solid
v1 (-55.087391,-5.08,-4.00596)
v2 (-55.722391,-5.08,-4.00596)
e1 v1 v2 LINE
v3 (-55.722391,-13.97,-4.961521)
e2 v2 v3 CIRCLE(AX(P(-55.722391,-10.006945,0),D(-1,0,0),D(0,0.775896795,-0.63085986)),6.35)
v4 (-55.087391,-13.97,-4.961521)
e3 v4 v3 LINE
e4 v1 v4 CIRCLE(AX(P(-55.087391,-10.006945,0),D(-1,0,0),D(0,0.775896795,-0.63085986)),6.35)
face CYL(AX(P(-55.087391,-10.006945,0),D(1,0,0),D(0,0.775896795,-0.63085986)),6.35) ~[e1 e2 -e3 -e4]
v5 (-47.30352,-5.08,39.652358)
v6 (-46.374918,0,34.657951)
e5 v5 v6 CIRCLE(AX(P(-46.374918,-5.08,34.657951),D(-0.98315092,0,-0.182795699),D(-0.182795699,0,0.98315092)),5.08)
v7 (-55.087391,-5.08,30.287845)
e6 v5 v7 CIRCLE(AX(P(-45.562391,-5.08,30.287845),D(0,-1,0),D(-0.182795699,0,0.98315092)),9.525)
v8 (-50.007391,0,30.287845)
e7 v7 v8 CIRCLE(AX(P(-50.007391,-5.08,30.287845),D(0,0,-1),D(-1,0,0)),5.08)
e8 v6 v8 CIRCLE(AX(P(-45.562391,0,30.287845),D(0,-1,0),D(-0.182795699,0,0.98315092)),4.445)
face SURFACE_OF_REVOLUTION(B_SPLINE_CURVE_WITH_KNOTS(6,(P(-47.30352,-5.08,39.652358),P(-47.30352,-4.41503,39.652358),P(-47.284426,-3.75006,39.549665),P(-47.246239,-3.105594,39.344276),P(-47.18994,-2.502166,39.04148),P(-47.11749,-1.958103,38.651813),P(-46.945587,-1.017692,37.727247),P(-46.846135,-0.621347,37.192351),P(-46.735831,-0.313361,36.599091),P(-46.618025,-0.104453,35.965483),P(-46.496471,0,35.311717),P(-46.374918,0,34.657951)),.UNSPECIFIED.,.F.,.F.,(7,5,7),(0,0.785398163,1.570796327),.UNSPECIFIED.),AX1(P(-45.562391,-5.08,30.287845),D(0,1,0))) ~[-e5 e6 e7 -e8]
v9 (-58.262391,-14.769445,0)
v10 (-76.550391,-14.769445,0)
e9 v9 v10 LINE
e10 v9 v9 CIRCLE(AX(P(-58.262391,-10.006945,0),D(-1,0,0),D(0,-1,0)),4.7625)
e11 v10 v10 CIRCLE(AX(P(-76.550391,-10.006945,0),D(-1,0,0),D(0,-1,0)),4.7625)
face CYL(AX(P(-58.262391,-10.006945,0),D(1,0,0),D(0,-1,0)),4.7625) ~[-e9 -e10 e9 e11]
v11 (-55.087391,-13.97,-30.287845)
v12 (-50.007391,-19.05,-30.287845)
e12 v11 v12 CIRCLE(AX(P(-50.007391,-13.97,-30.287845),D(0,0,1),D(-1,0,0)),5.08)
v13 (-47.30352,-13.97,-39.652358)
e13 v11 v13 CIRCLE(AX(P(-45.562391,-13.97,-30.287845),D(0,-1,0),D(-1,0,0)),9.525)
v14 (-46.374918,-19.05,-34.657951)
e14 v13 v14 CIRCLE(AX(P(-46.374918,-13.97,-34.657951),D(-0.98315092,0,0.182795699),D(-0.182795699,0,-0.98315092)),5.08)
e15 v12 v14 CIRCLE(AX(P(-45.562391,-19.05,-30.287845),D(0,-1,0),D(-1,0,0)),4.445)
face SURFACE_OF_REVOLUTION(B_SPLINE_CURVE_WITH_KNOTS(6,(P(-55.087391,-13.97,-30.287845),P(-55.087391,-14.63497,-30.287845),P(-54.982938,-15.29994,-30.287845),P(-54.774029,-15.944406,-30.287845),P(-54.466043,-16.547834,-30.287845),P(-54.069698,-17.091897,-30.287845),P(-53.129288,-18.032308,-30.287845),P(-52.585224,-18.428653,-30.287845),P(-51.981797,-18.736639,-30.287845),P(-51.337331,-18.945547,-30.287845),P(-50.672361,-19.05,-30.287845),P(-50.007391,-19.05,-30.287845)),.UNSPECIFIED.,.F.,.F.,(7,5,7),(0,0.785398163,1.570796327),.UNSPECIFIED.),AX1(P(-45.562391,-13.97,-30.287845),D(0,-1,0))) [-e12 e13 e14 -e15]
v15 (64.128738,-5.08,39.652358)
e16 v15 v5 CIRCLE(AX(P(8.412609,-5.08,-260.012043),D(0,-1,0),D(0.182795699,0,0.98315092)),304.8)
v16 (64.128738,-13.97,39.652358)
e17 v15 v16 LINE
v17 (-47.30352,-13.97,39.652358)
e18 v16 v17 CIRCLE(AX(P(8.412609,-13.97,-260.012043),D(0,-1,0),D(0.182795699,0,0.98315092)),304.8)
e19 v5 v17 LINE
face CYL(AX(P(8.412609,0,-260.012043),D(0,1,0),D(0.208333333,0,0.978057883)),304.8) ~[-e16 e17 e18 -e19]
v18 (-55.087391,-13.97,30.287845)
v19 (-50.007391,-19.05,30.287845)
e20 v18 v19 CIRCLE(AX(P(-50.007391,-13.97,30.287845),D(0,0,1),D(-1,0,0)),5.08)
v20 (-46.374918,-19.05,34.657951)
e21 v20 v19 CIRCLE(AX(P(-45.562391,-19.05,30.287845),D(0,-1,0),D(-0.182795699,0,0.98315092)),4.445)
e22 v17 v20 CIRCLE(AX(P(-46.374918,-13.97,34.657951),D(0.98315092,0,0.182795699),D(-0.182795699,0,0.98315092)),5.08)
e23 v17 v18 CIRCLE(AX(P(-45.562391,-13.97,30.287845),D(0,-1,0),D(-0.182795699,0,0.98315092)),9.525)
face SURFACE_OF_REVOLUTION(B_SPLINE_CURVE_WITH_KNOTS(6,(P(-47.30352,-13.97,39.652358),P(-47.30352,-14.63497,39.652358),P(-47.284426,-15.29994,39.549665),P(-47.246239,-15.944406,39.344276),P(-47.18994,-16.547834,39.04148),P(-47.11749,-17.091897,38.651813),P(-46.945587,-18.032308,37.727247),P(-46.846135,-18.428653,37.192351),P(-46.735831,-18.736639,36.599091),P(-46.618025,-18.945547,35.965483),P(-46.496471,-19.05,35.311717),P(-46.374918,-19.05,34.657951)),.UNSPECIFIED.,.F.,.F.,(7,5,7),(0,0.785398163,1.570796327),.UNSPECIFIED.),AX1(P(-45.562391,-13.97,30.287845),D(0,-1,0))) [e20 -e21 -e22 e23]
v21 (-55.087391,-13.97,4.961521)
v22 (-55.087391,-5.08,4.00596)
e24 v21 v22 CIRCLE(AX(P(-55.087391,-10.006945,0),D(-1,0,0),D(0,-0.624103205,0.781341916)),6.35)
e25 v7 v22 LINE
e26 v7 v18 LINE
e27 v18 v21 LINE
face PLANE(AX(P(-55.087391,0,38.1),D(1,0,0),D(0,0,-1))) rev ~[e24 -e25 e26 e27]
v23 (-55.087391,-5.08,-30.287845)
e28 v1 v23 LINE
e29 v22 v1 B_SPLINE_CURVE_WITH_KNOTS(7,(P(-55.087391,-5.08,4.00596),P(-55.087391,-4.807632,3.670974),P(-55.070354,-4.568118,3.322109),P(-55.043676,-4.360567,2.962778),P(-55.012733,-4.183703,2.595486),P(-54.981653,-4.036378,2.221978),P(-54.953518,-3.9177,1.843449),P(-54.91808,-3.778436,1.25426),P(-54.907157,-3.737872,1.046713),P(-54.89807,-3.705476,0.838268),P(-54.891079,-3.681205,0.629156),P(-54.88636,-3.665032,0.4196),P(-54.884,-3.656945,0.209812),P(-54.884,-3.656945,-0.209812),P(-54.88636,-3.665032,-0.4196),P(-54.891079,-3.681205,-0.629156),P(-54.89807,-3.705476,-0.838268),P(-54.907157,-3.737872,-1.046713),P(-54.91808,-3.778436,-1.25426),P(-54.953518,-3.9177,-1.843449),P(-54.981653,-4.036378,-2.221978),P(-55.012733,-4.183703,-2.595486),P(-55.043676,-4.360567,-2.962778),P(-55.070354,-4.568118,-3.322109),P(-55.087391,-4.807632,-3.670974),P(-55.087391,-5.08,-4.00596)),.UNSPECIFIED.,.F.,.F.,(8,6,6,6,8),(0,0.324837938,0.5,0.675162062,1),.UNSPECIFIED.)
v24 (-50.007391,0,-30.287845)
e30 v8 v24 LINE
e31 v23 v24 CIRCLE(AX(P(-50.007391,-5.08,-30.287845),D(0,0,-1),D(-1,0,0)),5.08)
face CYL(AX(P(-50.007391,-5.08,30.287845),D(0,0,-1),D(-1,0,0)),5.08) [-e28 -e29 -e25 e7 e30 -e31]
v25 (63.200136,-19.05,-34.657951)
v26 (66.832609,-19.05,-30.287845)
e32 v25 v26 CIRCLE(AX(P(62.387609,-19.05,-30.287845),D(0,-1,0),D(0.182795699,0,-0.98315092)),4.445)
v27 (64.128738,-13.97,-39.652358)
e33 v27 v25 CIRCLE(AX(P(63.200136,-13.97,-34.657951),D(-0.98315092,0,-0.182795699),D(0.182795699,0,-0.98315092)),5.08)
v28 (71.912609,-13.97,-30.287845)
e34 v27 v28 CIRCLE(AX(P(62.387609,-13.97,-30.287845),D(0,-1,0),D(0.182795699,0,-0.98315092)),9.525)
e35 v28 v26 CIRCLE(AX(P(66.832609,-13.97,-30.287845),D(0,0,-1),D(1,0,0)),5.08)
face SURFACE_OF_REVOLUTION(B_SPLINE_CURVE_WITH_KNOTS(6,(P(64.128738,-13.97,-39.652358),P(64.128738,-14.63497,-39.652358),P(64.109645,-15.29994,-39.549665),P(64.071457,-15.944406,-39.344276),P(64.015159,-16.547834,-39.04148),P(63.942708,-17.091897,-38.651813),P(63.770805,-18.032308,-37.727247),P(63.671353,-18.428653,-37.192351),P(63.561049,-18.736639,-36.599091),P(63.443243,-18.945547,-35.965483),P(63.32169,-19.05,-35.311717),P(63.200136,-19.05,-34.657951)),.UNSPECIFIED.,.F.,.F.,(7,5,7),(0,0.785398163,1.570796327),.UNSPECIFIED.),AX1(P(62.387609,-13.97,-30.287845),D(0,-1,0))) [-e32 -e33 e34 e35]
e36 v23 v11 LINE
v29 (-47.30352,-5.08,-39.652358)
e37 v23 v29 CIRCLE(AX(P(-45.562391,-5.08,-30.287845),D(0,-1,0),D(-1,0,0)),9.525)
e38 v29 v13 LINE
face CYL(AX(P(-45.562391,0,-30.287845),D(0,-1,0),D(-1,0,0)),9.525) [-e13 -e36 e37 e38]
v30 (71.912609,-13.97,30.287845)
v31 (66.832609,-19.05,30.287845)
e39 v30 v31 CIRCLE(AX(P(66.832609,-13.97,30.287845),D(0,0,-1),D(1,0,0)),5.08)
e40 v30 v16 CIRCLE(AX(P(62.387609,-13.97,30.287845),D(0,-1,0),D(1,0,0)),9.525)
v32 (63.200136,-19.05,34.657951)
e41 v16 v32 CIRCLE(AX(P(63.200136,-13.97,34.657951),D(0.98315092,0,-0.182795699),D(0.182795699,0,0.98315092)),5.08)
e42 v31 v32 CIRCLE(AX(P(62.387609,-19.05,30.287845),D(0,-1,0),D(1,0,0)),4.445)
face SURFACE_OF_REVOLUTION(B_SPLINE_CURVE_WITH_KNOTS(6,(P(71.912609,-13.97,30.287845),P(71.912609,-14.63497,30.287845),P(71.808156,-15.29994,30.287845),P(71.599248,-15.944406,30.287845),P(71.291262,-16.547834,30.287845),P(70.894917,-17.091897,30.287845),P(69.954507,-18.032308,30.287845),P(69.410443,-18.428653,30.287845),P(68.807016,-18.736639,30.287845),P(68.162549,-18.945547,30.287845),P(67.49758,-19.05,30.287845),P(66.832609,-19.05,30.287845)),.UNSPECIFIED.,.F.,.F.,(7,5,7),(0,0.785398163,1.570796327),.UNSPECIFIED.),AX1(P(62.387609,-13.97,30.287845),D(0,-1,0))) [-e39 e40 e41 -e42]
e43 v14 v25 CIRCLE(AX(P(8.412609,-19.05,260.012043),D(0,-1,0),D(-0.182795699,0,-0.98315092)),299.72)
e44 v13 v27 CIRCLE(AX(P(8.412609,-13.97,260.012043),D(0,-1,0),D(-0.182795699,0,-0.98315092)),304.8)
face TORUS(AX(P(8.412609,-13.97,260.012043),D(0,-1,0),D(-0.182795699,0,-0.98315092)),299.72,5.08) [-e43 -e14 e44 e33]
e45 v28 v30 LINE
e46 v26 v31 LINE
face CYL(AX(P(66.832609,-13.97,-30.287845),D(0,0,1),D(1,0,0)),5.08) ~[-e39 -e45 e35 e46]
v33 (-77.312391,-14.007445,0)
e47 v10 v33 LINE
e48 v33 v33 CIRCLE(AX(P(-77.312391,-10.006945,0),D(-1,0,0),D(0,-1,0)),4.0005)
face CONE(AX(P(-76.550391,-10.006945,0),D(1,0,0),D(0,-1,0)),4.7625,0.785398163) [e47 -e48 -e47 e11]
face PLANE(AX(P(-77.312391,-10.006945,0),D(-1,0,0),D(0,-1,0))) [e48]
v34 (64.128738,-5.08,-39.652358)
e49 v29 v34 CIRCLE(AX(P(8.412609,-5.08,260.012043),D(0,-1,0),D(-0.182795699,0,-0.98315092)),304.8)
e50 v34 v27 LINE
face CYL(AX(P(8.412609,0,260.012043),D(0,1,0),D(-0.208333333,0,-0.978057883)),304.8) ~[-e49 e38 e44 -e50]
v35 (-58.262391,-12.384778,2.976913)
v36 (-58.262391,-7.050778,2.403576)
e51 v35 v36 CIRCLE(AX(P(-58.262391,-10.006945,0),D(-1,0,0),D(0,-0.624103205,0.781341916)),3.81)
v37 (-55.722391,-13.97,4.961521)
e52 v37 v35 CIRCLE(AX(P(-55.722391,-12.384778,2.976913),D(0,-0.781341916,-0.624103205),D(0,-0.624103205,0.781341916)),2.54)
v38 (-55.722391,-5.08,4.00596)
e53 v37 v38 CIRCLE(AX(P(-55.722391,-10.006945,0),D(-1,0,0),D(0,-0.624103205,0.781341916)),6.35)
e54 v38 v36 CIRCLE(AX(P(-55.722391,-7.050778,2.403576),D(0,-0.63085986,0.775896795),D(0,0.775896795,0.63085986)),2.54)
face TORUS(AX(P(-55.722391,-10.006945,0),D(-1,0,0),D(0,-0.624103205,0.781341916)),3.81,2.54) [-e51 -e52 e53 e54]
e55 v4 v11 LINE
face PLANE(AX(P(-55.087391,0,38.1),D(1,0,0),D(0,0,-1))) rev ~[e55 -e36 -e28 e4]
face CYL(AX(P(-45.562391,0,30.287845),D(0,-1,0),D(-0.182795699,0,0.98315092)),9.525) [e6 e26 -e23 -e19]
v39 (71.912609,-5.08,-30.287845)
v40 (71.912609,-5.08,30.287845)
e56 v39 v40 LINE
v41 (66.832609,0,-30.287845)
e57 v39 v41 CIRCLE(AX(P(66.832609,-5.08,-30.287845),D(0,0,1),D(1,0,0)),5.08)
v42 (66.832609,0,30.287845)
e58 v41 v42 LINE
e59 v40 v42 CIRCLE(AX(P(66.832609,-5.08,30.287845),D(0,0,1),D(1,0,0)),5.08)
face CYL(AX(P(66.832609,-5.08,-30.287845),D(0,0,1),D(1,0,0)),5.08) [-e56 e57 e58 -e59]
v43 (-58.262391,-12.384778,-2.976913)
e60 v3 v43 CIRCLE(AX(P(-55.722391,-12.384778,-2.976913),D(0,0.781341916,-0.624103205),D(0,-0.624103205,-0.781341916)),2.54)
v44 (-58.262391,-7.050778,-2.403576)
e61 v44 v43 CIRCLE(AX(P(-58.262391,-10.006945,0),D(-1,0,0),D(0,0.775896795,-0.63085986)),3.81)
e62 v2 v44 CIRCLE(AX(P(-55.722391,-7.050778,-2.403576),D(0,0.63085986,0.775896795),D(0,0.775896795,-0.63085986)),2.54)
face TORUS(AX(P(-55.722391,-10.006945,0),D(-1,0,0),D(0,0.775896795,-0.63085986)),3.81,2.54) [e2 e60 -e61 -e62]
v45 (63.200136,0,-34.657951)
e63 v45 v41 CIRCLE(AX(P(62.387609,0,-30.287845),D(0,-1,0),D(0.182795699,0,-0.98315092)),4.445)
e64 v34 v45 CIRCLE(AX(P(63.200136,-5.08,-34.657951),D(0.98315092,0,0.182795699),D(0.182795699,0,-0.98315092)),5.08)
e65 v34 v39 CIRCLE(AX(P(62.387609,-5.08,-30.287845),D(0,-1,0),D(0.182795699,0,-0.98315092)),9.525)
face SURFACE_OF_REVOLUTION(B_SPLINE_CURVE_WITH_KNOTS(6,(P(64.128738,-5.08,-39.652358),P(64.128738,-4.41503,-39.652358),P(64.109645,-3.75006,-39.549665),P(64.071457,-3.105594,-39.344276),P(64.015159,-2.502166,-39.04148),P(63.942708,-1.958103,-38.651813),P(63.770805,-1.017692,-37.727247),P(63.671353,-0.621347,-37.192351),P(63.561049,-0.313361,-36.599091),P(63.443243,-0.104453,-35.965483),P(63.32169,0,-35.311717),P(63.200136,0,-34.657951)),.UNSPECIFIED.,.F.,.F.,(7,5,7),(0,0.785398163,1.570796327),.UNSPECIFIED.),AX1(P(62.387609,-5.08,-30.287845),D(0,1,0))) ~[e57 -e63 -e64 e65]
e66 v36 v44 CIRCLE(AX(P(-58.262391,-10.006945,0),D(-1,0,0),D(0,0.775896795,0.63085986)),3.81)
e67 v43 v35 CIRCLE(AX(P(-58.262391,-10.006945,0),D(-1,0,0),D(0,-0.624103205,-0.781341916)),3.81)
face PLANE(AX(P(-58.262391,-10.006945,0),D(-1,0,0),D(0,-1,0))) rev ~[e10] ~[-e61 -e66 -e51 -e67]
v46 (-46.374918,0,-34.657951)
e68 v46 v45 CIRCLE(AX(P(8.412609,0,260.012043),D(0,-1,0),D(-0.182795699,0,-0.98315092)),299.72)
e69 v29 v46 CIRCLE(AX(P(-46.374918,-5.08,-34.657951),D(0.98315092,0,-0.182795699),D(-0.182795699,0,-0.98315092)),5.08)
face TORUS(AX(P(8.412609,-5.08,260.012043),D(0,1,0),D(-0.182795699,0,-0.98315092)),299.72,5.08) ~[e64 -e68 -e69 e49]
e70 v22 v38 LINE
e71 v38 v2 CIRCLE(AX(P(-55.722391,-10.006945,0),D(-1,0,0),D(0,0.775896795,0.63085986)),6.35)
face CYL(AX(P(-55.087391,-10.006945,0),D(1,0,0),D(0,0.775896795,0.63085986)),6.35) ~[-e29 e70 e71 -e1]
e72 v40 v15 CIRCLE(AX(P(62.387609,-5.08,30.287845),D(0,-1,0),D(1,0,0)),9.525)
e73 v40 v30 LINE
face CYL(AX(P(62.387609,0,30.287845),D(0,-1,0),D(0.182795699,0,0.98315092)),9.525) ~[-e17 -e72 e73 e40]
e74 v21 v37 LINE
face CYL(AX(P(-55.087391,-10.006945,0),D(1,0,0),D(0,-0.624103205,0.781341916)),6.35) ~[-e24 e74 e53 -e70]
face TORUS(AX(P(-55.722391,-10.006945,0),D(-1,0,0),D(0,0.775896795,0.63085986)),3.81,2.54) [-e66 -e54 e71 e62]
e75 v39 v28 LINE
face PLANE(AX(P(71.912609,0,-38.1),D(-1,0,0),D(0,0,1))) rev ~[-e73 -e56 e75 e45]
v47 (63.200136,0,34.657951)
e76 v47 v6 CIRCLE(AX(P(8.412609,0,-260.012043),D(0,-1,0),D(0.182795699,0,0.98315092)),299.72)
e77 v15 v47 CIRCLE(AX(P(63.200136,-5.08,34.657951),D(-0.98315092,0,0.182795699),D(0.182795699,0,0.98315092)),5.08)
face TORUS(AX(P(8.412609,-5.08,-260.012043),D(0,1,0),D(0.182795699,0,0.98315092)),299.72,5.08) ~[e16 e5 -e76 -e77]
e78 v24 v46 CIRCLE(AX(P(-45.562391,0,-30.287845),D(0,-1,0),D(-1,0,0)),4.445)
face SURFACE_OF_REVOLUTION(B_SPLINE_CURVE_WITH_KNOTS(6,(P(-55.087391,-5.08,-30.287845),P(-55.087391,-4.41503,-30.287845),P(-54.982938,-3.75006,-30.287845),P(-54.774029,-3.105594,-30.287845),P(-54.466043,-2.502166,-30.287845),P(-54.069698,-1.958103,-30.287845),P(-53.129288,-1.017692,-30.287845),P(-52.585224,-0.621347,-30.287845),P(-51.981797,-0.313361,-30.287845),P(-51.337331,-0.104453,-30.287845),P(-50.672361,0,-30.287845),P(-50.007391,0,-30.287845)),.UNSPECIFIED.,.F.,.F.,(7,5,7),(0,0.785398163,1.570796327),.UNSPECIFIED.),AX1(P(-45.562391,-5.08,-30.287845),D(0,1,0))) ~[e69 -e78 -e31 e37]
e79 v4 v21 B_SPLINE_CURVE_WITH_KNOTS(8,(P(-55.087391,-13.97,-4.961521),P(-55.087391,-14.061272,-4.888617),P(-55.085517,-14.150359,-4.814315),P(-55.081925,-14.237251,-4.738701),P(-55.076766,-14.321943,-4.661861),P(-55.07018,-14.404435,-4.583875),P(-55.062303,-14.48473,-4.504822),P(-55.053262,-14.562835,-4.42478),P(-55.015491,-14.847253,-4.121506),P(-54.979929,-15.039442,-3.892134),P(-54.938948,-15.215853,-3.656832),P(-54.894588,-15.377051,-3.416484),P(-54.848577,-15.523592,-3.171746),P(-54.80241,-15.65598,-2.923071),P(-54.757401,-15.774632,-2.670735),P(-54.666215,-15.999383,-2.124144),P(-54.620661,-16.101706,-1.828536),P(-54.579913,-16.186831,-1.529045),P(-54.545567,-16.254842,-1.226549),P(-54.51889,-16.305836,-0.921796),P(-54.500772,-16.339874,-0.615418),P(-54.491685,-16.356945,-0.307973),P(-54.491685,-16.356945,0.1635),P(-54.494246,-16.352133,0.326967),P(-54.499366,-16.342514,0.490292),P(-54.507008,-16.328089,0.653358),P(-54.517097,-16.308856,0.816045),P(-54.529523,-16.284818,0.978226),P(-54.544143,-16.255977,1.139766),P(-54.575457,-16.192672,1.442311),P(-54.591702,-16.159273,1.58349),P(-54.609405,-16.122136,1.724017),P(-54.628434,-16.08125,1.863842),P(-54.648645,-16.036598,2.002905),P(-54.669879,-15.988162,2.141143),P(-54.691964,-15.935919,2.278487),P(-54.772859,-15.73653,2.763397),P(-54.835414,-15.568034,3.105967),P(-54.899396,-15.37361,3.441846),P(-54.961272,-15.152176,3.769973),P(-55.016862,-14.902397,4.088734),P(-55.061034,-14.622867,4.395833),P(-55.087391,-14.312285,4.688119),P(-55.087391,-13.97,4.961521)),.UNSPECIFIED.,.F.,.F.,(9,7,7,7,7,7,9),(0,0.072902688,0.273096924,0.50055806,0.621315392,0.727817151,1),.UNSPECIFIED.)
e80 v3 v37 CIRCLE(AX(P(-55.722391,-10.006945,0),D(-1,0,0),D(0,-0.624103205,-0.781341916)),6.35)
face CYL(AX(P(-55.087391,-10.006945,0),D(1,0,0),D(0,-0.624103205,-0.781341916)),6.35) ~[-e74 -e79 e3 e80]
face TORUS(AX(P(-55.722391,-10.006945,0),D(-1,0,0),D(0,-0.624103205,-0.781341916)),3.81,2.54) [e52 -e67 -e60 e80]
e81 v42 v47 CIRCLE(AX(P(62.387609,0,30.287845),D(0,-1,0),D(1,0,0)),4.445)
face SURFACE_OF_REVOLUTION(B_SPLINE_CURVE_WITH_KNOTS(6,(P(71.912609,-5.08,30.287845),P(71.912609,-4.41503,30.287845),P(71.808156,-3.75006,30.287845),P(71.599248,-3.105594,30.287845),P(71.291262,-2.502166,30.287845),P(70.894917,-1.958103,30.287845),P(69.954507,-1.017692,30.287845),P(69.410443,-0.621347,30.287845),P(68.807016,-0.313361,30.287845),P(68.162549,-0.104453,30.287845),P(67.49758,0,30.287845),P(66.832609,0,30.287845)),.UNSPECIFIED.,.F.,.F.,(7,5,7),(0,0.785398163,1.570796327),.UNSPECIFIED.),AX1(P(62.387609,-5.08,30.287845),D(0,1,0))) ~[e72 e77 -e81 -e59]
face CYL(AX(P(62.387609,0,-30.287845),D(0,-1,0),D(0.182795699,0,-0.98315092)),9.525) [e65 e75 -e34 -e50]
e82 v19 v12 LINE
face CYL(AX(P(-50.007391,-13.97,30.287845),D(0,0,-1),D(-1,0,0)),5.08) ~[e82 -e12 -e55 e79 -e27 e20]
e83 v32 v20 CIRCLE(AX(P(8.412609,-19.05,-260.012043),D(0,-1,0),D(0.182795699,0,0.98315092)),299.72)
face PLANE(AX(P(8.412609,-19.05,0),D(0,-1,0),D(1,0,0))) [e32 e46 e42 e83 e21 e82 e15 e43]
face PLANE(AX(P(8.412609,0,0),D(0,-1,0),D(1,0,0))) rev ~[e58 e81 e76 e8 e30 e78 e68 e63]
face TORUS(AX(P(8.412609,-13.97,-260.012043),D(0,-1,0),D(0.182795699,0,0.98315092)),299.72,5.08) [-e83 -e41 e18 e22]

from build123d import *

# Parameters (mm, degrees)
F1_DEPTH      = 19.05
F2_R          = 9.525
F3_R          = 5.08
F5_DEPTH      = 3.175
F5_DEPTH_BACK = 5.08
F6_R          = 2.54
F7_R          = 4.7625
F8_DEPTH      = 19.05
F9_SIZE       = 0.762


with BuildPart() as f1:
    # F0 (on Front) → F1 (new body)
    with BuildSketch(Plane.XZ):
        with BuildLine():
            Line((71.9126091726, 0), (71.9126091726, 38.1))
            ThreePointArc((71.9126091726, 38.1), (8.4126091726, 44.7879573046), (-55.0873908274, 38.1))
            Line((-55.0873908274, 38.1), (-55.0873908274, 0))
            Line((-55.0873908274, 0), (-55.0873908274, -38.1))
            ThreePointArc((-55.0873908274, -38.1), (8.4126091726, -44.7879573046), (71.9126091726, -38.1))
            Line((71.9126091726, -38.1), (71.9126091726, 0))
        make_face()
    extrude(amount=F1_DEPTH)

    # F2
    f2_edges = [f1.edges().sort_by_distance(p)[0] for p in [
        (-55.087391, -9.525, 38.1),
        (-55.087391, -9.525, -38.1),
        (71.912609, -9.525, 38.1),
        (71.912609, -9.525, -38.1),
    ]]
    fillet(f2_edges, radius=F2_R)

    # F3
    f3_edges = [f1.edges().sort_by_distance(p)[0] for p in [
        (8.412609, -19.05, 44.787957),
        (8.412609, 0, 44.787957),
    ]]
    fillet(f3_edges, radius=F3_R)

    # F4 (on face) → F5 (join, two sides)
    with BuildSketch(Plane(origin=(-55.0873908274, 0, 0), x_dir=(0, -1, 0), z_dir=(-1, 0, 0))) as f5_sk:
        with BuildLine():
            ThreePointArc((13.97, -4.9615211664), (15.7291776693, -2.7529165008), (16.3569446489, 0))
            ThreePointArc((16.3569446489, 0), (15.7291776693, 2.7529165008), (13.97, 4.9615211664))
            Line((13.97, 4.9615211664), (13.97, -4.9615211664))
        make_face()
        with BuildLine():
            Line((5.08, -4.0059601129), (5.08, 4.0059601129))
            ThreePointArc((5.08, 4.0059601129), (3.6569446489, 0), (5.08, -4.0059601129))
        make_face()
        with BuildLine():
            Line((13.97, -4.9615211664), (13.97, 4.9615211664))
            ThreePointArc((13.97, 4.9615211664), (9.3283100813, 6.3136324825), (5.08, 4.0059601129))
            Line((5.08, 4.0059601129), (5.08, -4.0059601129))
            ThreePointArc((5.08, -4.0059601129), (9.3283100813, -6.3136324825), (13.97, -4.9615211664))
        make_face()
    extrude(amount=F5_DEPTH)
    extrude(f5_sk.sketch, amount=-F5_DEPTH_BACK)

    # F6
    f6_edges = [f1.edges().sort_by_distance(p)[0] for p in [
        (-58.262391, -6.043889, -4.961521),
    ]]
    fillet(f6_edges, radius=F6_R)

    # F7 (on face) → F8 (join)
    with BuildSketch(Plane(origin=(-58.2623908274, 0, 0), x_dir=(0, -1, 0), z_dir=(-1, 0, 0))):
        with Locations((10.0069446489, 0)):
            Circle(F7_R)
    extrude(amount=F8_DEPTH)

    # F9
    f9_edges = [f1.edges().sort_by_distance(p)[0] for p in [
        (-77.312391, -5.244445, 0),
    ]]
    chamfer(f9_edges, length=F9_SIZE)


solid = f1.part
